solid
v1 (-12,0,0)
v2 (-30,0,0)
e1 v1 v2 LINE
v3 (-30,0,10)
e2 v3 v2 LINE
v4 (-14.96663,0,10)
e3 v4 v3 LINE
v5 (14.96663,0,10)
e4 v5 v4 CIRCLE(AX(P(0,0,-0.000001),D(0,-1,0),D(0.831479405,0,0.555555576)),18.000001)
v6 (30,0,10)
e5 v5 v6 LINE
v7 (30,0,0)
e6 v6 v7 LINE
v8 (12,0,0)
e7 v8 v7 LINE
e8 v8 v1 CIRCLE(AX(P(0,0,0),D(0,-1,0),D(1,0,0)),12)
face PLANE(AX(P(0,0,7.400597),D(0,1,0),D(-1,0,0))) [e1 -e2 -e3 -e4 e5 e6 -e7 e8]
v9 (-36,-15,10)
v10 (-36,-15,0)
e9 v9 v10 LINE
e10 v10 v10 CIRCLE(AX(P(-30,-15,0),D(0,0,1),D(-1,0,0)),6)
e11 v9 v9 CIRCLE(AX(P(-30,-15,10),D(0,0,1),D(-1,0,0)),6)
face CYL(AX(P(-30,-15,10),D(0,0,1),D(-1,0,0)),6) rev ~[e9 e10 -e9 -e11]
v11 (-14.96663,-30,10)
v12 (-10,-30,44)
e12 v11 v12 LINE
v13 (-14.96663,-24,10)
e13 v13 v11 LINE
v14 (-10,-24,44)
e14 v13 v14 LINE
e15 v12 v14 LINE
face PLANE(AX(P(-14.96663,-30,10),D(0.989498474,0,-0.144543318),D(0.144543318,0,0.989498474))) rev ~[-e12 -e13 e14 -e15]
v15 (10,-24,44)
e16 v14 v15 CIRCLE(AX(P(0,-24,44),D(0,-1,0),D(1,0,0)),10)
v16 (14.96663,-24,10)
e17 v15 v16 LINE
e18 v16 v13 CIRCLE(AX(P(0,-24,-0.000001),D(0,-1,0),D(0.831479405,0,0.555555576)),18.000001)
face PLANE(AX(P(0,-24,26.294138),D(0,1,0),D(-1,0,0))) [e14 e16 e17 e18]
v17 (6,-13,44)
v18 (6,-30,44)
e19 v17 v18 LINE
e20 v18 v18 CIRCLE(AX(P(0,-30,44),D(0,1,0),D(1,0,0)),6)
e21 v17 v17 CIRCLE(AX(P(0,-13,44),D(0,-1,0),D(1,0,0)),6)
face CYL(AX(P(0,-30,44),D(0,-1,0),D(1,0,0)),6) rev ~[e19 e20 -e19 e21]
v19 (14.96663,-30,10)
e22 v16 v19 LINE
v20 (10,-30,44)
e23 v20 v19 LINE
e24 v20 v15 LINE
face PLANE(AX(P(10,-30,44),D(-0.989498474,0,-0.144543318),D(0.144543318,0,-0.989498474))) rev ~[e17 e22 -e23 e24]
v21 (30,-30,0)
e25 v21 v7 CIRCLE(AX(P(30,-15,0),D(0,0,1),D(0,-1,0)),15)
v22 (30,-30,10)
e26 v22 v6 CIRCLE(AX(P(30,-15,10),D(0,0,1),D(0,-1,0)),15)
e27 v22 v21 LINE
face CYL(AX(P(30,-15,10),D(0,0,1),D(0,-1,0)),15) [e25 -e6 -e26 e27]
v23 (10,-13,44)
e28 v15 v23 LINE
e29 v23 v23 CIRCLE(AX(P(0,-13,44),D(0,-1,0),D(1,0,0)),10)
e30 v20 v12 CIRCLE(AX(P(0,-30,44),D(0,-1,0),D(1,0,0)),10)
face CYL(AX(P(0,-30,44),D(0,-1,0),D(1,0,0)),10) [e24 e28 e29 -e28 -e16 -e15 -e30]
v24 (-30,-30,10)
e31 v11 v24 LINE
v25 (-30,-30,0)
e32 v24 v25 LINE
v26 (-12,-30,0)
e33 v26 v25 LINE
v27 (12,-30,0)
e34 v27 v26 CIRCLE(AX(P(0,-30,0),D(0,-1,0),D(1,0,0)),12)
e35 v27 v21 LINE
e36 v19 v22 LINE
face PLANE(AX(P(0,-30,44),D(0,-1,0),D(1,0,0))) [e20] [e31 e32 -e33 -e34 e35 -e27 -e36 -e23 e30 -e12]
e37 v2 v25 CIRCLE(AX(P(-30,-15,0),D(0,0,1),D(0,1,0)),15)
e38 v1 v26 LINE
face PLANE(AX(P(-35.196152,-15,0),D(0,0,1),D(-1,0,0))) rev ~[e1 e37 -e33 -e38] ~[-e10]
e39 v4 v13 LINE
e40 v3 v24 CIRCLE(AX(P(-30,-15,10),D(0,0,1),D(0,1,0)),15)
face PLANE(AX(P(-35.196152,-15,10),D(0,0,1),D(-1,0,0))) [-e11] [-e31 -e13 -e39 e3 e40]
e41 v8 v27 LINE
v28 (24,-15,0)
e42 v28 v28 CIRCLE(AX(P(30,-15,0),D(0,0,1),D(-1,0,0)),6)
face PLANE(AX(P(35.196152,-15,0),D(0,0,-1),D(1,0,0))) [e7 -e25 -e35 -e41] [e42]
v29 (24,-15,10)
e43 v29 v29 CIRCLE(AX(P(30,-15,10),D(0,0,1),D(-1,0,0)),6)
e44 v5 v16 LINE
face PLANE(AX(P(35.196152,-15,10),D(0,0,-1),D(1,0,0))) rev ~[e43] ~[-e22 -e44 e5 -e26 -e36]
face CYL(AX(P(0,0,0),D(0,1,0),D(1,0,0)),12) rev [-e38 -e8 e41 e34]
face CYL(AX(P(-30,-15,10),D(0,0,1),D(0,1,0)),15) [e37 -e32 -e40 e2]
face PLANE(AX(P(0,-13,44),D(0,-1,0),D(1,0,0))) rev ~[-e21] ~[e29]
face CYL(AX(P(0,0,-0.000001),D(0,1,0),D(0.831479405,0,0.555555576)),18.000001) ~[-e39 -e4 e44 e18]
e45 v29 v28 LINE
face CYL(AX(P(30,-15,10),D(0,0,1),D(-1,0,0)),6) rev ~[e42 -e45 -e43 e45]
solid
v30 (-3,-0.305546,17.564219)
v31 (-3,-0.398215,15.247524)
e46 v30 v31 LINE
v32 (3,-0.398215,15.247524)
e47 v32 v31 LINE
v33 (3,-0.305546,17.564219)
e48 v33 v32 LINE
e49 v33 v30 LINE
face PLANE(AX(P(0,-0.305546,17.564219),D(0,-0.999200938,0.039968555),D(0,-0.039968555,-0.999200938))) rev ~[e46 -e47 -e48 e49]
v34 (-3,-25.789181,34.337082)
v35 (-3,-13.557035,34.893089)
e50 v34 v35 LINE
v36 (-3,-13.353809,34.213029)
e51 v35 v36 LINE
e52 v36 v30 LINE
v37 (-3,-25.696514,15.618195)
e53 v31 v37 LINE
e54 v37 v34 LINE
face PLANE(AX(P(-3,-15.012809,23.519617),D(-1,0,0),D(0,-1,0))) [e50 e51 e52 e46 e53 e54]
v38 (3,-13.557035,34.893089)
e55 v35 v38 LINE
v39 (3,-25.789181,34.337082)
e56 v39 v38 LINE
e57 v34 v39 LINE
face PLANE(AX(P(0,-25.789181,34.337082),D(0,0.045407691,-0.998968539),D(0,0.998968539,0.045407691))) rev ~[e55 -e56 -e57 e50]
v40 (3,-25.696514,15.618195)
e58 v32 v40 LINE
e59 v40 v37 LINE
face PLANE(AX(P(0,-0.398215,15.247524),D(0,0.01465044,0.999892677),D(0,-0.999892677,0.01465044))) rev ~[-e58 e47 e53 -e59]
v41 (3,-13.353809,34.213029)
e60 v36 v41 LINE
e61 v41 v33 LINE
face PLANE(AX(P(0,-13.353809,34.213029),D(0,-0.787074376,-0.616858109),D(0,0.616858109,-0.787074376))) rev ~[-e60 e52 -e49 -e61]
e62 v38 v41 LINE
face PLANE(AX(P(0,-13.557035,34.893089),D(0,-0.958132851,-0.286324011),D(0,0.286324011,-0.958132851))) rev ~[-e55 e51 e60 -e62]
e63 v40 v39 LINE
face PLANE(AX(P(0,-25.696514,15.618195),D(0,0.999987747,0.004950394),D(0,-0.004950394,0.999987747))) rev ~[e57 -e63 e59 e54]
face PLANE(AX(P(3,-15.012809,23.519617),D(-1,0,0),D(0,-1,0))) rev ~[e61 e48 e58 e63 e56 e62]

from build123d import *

# Parameters (mm, degrees)
PAD_DEPTH       = 30
PAD001_DEPTH    = 10
PAD002_DEPTH    = 10
SKETCH004_R     = 6
POCKET_DEPTH    = 10.001
SKETCH005_R     = 6
POCKET001_DEPTH = 10.001
PAD003_DEPTH    = 6
SKETCH007_R     = 10
SKETCH007_R_2   = 6
PAD004_DEPTH    = 17
SKETCH008_R     = 6
POCKET002_DEPTH = 30.001
PAD005_DEPTH    = 3


with BuildPart() as body:
    # Sketch → Pad (new body)
    with BuildSketch(Plane.XZ):
        with BuildLine():
            ThreePointArc((12, 0), (0, 12), (-12, 0))
            Line((-12, 0), (-30, 0))
            Line((-30, 10), (-30, 0))
            Line((-14.96663, 10), (-30, 10))
            ThreePointArc((14.96663, 10), (0, 18), (-14.96663, 10))
            Line((14.96663, 10), (30, 10))
            Line((30, 10), (30, 0))
            Line((12, 0), (30, 0))
        make_face()
    extrude(amount=PAD_DEPTH)

    # Sketch002 (on Face7 of Pad) → Pad001 (join)
    with BuildSketch(Plane(origin=(0, 0, 10), x_dir=(-1, 0, 0), z_dir=(0, 0, 1))):
        with BuildLine():
            Line((-30, 30), (-30, 0))
            ThreePointArc((-30, 30), (-45, 15), (-30, 0))
        make_face()
    extrude(amount=-PAD001_DEPTH)

    # Sketch003 (on Face6 of Pad001) → Pad002 (join)
    with BuildSketch(Plane(origin=(0, 0, 10), x_dir=(-1, 0, 0), z_dir=(0, 0, 1))):
        with BuildLine():
            Line((30, 30), (30, 0))
            ThreePointArc((30, 0), (45, 15), (30, 30))
        make_face()
    extrude(amount=-PAD002_DEPTH)

    # Sketch004 (on Face1 of Pad002) → Pocket (cut, through all)
    with BuildSketch(Plane(origin=(0, 0, 10), x_dir=(-1, 0, 0), z_dir=(0, 0, 1))):
        with Locations((-30, 15)):
            Circle(SKETCH004_R)
    extrude(amount=-POCKET_DEPTH, mode=Mode.SUBTRACT)

    # Sketch005 (on Face12 of Pocket) → Pocket001 (cut, through all)
    with BuildSketch(Plane(origin=(0, 0, 10), x_dir=(-1, 0, 0), z_dir=(0, 0, 1))):
        with Locations((30, 15)):
            Circle(SKETCH005_R)
    extrude(amount=-POCKET001_DEPTH, mode=Mode.SUBTRACT)

    # Sketch006 (on Face5 of Pocket001) → Pad003 (join)
    with BuildSketch(Plane.XZ.offset(30)):
        with BuildLine():
            Line((-14.96663, 10), (-10, 44))
            Line((-10, 44), (10, 44))
            Line((10, 44), (14.96663, 10))
            ThreePointArc((14.96663, 10), (0, 18), (-14.96663, 10))
        make_face()
    extrude(amount=-PAD003_DEPTH)

    # Sketch007 (on Face15 of Pad003) → Pad004 (join)
    with BuildSketch(Plane.XZ.offset(30)):
        with Locations((0, 44)):
            Circle(SKETCH007_R)
        with Locations((0, 44)):
            Circle(SKETCH007_R_2, mode=Mode.SUBTRACT)
    extrude(amount=-PAD004_DEPTH)

    # Sketch008 (on Face15 of Pad004) → Pocket002 (cut, through all)
    with BuildSketch(Plane.XZ.offset(30)):
        with Locations((0, 44)):
            Circle(SKETCH008_R)
    extrude(amount=-POCKET002_DEPTH, mode=Mode.SUBTRACT)


with BuildPart() as body001:
    # Sketch010 → Pad005 (new body, symmetric)
    with BuildSketch(Plane.YZ):
        Polygon((-13.353809, 34.213029), (-0.305546, 17.564219), (-0.398215, 15.247524), (-25.696514, 15.618195), (-25.789181, 34.337082), (-13.557035, 34.893089), align=None)
    extrude(amount=PAD005_DEPTH, both=True)


solid = Compound([body.part, body001.part])
